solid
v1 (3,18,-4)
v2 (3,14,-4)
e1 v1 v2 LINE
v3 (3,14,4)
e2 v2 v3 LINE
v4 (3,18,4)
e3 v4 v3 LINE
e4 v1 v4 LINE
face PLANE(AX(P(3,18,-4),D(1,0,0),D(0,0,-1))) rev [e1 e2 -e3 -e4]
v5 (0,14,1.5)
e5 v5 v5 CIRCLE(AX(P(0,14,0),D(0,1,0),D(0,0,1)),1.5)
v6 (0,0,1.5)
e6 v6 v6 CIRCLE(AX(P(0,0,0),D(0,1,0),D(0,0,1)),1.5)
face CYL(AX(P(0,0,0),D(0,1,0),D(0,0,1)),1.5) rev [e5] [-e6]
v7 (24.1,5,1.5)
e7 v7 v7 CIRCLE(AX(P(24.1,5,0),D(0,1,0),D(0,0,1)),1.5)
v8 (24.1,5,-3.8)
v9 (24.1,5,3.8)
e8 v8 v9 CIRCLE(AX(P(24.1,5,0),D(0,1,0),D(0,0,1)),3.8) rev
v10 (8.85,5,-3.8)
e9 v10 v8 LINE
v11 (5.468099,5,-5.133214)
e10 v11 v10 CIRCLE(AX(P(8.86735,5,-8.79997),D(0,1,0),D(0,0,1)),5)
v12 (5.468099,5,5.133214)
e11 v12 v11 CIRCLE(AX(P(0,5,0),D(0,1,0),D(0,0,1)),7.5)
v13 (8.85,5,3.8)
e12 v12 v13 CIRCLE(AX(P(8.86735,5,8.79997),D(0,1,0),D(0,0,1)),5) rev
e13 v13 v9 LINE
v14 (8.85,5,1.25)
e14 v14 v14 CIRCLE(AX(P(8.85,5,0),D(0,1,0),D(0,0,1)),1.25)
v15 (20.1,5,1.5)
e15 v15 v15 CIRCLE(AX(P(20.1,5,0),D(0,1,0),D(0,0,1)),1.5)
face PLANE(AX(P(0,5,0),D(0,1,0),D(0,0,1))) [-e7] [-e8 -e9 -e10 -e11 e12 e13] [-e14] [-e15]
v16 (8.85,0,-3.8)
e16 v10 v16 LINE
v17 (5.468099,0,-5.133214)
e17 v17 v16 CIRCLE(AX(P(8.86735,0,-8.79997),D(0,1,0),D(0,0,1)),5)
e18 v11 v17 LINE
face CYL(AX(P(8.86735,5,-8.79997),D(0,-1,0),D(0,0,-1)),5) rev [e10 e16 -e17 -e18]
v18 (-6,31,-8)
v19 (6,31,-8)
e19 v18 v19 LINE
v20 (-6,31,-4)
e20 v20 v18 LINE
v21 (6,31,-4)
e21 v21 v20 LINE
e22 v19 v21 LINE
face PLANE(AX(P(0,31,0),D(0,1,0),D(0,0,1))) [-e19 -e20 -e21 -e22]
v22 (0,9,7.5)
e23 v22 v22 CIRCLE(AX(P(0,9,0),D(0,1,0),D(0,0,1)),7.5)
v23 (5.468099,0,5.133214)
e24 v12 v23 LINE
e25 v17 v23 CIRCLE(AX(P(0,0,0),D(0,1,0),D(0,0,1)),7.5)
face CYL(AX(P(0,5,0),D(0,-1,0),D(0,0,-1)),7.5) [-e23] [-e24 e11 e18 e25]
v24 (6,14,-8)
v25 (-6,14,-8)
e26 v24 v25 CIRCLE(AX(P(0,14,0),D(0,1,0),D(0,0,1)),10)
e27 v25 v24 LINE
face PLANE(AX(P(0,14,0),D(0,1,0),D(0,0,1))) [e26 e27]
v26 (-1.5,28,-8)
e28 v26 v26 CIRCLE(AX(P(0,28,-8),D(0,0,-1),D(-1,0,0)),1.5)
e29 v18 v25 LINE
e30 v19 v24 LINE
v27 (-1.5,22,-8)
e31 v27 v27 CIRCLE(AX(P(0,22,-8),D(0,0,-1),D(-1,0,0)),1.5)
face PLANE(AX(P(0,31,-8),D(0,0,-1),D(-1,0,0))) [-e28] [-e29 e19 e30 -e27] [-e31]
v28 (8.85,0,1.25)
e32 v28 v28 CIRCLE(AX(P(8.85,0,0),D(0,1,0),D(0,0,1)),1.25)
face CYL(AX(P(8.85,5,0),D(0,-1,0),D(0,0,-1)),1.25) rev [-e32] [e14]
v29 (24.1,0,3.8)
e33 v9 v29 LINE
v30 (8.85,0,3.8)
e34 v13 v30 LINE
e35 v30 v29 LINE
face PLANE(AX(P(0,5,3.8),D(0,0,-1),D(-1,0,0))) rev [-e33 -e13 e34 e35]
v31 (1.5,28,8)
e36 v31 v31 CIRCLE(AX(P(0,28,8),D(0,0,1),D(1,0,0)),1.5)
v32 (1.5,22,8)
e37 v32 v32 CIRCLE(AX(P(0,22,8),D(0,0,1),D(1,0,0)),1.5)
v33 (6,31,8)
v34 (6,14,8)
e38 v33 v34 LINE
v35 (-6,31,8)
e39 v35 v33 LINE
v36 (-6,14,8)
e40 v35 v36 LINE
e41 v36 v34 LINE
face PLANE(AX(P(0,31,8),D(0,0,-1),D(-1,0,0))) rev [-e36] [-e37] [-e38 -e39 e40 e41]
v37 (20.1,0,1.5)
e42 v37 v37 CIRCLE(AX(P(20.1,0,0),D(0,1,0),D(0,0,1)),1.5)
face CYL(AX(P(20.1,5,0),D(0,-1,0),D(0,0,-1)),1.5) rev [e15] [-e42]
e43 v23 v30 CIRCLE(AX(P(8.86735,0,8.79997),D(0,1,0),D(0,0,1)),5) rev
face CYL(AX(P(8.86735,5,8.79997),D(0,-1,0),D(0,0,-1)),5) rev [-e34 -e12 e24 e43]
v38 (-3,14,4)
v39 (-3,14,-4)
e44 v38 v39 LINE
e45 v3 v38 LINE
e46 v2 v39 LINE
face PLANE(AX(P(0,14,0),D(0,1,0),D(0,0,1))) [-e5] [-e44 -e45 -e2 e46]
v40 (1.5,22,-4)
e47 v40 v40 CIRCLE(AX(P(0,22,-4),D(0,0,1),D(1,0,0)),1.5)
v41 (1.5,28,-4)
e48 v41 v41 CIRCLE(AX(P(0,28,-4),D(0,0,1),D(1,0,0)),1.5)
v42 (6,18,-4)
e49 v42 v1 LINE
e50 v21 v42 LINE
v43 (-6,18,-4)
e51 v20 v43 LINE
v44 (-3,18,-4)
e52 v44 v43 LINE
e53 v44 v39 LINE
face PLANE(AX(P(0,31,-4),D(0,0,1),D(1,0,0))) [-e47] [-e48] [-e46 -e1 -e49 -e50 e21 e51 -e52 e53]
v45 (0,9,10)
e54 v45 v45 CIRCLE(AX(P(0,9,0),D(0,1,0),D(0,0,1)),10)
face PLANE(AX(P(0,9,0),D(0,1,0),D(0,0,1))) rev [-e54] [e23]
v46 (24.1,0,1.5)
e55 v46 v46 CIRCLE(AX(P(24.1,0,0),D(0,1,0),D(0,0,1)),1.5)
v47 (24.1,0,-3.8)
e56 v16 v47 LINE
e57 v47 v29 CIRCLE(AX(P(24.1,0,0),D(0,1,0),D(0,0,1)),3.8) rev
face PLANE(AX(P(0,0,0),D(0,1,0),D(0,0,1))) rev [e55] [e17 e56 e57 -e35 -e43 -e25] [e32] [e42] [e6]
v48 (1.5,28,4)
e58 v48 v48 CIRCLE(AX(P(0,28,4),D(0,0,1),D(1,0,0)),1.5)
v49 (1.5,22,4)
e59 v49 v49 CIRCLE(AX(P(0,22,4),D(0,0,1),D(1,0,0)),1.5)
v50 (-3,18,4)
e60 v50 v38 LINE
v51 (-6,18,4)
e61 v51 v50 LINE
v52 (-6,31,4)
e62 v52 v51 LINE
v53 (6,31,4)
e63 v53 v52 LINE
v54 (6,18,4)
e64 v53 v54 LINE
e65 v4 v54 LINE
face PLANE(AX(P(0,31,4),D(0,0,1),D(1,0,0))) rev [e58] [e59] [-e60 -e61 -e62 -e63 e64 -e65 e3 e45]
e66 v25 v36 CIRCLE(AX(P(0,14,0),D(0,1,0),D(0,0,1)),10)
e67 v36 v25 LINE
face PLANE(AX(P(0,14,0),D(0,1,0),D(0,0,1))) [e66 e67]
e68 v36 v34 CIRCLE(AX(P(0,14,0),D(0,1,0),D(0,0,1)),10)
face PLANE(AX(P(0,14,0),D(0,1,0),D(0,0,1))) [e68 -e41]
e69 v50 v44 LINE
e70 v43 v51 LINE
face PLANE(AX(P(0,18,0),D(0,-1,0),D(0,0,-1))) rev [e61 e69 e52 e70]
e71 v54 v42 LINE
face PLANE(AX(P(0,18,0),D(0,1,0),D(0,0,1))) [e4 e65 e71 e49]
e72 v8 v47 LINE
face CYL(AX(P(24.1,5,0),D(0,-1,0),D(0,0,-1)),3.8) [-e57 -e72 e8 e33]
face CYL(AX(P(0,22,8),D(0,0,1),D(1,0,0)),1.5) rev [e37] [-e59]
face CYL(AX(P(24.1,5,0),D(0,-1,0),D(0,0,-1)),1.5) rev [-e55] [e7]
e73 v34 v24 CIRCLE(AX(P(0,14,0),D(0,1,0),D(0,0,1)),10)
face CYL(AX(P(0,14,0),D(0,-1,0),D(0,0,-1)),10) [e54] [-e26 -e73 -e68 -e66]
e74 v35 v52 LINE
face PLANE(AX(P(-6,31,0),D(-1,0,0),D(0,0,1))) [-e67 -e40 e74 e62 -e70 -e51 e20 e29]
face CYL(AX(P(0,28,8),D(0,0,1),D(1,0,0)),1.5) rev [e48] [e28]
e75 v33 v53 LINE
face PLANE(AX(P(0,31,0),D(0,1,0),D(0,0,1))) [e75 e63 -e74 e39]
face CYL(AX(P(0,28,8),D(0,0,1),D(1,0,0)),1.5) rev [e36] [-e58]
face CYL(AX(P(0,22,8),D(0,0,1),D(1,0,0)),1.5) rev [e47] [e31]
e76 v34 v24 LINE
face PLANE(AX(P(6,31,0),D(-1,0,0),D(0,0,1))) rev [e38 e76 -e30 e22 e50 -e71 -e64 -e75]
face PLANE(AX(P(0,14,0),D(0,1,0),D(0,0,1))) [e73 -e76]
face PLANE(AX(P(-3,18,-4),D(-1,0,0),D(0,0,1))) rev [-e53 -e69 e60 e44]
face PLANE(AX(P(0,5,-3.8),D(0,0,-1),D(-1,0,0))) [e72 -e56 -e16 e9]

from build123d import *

# Parameters (mm, degrees)
SKETCH3_R                = 1.25
SKETCH3_R_2              = 1.5
BOSS_EXTRUDE9_DEPTH      = 5
SKETCH4_R                = 7.5
BOSS_EXTRUDE10_DEPTH     = 4
SKETCH5_R                = 10
BOSS_EXTRUDE11_DEPTH     = 5
SKETCH6_R                = 1.5
CUT_EXTRUDE1_DEPTH       = 33.778193971
SKETCH7_W                = 12
SKETCH7_H                = 4
BOSS_EXTRUDE12_DEPTH     = 17
SKETCH8_W                = 3
SKETCH8_H                = 8
BOSS_EXTRUDE13_DEPTH     = 4
F_3_0_3_DIAMETER_HOLE1_D = 3


with BuildPart() as part:
    # Sketch3 → Boss-Extrude9 (new body)
    with BuildSketch(Plane(origin=(0, 0, 0), x_dir=(1, 0, 0), z_dir=(0, 1, 0))):
        with BuildLine():
            Line((24.1, 3.8), (8.85, 3.8))
            ThreePointArc((8.85, 3.8), (7.033595607, 4.14837388), (5.468099348, 5.133214346))
            ThreePointArc((5.468099348, 5.133214346), (-7.5, 0), (5.468099348, -5.133214346))
            ThreePointArc((5.468099348, -5.133214346), (7.033595607, -4.14837388), (8.85, -3.8))
            Line((8.85, -3.8), (24.1, -3.8))
            ThreePointArc((24.1, -3.8), (27.9, 0), (24.1, 3.8))
        make_face()
        with Locations((8.85, 0)):
            Circle(SKETCH3_R, mode=Mode.SUBTRACT)
        with Locations((20.1, 0)):
            Circle(SKETCH3_R_2, mode=Mode.SUBTRACT)
        with Locations((24.1, 0)):
            Circle(SKETCH3_R_2, mode=Mode.SUBTRACT)
    extrude(amount=BOSS_EXTRUDE9_DEPTH)

    # Sketch4 → Boss-Extrude10 (add)
    with BuildSketch(Plane(origin=(0, 5, 0), x_dir=(1, 0, 0), z_dir=(0, 1, 0))):
        Circle(SKETCH4_R)
    extrude(amount=BOSS_EXTRUDE10_DEPTH)

    # Sketch5 → Boss-Extrude11 (add)
    with BuildSketch(Plane(origin=(0, 9, 0), x_dir=(1, 0, 0), z_dir=(0, 1, 0))):
        Circle(SKETCH5_R)
    extrude(amount=BOSS_EXTRUDE11_DEPTH)

    # Sketch6 → Cut-Extrude1 (cut, through all)
    with BuildSketch(Plane(origin=(0, 14, 0), x_dir=(1, 0, 0), z_dir=(0, 1, 0))):
        Circle(SKETCH6_R)
    extrude(amount=-CUT_EXTRUDE1_DEPTH, mode=Mode.SUBTRACT)

    # Sketch7 → Boss-Extrude12 (add)
    with BuildSketch(Plane(origin=(0, 14, 0), x_dir=(1, 0, 0), z_dir=(0, 1, 0))):
        with Locations((0, -6)):
            Rectangle(SKETCH7_W, SKETCH7_H)
        with Locations((0, 6)):
            Rectangle(SKETCH7_W, SKETCH7_H)
    extrude(amount=BOSS_EXTRUDE12_DEPTH)

    # Sketch8 → Boss-Extrude13 (add)
    with BuildSketch(Plane(origin=(0, 14, 0), x_dir=(1, 0, 0), z_dir=(0, 1, 0))):
        with Locations((4.5, 0)):
            Rectangle(SKETCH8_W, SKETCH8_H)
        with Locations((-4.5, 0)):
            Rectangle(SKETCH8_W, SKETCH8_H)
    extrude(amount=BOSS_EXTRUDE13_DEPTH)

    # Ø3.0 (3) Diameter Hole1 (through all)
    with Locations(Plane.XY.offset(8)):
        with Locations((0, 28), (0, 22)):
            Hole(F_3_0_3_DIAMETER_HOLE1_D / 2)


solid = part.part
